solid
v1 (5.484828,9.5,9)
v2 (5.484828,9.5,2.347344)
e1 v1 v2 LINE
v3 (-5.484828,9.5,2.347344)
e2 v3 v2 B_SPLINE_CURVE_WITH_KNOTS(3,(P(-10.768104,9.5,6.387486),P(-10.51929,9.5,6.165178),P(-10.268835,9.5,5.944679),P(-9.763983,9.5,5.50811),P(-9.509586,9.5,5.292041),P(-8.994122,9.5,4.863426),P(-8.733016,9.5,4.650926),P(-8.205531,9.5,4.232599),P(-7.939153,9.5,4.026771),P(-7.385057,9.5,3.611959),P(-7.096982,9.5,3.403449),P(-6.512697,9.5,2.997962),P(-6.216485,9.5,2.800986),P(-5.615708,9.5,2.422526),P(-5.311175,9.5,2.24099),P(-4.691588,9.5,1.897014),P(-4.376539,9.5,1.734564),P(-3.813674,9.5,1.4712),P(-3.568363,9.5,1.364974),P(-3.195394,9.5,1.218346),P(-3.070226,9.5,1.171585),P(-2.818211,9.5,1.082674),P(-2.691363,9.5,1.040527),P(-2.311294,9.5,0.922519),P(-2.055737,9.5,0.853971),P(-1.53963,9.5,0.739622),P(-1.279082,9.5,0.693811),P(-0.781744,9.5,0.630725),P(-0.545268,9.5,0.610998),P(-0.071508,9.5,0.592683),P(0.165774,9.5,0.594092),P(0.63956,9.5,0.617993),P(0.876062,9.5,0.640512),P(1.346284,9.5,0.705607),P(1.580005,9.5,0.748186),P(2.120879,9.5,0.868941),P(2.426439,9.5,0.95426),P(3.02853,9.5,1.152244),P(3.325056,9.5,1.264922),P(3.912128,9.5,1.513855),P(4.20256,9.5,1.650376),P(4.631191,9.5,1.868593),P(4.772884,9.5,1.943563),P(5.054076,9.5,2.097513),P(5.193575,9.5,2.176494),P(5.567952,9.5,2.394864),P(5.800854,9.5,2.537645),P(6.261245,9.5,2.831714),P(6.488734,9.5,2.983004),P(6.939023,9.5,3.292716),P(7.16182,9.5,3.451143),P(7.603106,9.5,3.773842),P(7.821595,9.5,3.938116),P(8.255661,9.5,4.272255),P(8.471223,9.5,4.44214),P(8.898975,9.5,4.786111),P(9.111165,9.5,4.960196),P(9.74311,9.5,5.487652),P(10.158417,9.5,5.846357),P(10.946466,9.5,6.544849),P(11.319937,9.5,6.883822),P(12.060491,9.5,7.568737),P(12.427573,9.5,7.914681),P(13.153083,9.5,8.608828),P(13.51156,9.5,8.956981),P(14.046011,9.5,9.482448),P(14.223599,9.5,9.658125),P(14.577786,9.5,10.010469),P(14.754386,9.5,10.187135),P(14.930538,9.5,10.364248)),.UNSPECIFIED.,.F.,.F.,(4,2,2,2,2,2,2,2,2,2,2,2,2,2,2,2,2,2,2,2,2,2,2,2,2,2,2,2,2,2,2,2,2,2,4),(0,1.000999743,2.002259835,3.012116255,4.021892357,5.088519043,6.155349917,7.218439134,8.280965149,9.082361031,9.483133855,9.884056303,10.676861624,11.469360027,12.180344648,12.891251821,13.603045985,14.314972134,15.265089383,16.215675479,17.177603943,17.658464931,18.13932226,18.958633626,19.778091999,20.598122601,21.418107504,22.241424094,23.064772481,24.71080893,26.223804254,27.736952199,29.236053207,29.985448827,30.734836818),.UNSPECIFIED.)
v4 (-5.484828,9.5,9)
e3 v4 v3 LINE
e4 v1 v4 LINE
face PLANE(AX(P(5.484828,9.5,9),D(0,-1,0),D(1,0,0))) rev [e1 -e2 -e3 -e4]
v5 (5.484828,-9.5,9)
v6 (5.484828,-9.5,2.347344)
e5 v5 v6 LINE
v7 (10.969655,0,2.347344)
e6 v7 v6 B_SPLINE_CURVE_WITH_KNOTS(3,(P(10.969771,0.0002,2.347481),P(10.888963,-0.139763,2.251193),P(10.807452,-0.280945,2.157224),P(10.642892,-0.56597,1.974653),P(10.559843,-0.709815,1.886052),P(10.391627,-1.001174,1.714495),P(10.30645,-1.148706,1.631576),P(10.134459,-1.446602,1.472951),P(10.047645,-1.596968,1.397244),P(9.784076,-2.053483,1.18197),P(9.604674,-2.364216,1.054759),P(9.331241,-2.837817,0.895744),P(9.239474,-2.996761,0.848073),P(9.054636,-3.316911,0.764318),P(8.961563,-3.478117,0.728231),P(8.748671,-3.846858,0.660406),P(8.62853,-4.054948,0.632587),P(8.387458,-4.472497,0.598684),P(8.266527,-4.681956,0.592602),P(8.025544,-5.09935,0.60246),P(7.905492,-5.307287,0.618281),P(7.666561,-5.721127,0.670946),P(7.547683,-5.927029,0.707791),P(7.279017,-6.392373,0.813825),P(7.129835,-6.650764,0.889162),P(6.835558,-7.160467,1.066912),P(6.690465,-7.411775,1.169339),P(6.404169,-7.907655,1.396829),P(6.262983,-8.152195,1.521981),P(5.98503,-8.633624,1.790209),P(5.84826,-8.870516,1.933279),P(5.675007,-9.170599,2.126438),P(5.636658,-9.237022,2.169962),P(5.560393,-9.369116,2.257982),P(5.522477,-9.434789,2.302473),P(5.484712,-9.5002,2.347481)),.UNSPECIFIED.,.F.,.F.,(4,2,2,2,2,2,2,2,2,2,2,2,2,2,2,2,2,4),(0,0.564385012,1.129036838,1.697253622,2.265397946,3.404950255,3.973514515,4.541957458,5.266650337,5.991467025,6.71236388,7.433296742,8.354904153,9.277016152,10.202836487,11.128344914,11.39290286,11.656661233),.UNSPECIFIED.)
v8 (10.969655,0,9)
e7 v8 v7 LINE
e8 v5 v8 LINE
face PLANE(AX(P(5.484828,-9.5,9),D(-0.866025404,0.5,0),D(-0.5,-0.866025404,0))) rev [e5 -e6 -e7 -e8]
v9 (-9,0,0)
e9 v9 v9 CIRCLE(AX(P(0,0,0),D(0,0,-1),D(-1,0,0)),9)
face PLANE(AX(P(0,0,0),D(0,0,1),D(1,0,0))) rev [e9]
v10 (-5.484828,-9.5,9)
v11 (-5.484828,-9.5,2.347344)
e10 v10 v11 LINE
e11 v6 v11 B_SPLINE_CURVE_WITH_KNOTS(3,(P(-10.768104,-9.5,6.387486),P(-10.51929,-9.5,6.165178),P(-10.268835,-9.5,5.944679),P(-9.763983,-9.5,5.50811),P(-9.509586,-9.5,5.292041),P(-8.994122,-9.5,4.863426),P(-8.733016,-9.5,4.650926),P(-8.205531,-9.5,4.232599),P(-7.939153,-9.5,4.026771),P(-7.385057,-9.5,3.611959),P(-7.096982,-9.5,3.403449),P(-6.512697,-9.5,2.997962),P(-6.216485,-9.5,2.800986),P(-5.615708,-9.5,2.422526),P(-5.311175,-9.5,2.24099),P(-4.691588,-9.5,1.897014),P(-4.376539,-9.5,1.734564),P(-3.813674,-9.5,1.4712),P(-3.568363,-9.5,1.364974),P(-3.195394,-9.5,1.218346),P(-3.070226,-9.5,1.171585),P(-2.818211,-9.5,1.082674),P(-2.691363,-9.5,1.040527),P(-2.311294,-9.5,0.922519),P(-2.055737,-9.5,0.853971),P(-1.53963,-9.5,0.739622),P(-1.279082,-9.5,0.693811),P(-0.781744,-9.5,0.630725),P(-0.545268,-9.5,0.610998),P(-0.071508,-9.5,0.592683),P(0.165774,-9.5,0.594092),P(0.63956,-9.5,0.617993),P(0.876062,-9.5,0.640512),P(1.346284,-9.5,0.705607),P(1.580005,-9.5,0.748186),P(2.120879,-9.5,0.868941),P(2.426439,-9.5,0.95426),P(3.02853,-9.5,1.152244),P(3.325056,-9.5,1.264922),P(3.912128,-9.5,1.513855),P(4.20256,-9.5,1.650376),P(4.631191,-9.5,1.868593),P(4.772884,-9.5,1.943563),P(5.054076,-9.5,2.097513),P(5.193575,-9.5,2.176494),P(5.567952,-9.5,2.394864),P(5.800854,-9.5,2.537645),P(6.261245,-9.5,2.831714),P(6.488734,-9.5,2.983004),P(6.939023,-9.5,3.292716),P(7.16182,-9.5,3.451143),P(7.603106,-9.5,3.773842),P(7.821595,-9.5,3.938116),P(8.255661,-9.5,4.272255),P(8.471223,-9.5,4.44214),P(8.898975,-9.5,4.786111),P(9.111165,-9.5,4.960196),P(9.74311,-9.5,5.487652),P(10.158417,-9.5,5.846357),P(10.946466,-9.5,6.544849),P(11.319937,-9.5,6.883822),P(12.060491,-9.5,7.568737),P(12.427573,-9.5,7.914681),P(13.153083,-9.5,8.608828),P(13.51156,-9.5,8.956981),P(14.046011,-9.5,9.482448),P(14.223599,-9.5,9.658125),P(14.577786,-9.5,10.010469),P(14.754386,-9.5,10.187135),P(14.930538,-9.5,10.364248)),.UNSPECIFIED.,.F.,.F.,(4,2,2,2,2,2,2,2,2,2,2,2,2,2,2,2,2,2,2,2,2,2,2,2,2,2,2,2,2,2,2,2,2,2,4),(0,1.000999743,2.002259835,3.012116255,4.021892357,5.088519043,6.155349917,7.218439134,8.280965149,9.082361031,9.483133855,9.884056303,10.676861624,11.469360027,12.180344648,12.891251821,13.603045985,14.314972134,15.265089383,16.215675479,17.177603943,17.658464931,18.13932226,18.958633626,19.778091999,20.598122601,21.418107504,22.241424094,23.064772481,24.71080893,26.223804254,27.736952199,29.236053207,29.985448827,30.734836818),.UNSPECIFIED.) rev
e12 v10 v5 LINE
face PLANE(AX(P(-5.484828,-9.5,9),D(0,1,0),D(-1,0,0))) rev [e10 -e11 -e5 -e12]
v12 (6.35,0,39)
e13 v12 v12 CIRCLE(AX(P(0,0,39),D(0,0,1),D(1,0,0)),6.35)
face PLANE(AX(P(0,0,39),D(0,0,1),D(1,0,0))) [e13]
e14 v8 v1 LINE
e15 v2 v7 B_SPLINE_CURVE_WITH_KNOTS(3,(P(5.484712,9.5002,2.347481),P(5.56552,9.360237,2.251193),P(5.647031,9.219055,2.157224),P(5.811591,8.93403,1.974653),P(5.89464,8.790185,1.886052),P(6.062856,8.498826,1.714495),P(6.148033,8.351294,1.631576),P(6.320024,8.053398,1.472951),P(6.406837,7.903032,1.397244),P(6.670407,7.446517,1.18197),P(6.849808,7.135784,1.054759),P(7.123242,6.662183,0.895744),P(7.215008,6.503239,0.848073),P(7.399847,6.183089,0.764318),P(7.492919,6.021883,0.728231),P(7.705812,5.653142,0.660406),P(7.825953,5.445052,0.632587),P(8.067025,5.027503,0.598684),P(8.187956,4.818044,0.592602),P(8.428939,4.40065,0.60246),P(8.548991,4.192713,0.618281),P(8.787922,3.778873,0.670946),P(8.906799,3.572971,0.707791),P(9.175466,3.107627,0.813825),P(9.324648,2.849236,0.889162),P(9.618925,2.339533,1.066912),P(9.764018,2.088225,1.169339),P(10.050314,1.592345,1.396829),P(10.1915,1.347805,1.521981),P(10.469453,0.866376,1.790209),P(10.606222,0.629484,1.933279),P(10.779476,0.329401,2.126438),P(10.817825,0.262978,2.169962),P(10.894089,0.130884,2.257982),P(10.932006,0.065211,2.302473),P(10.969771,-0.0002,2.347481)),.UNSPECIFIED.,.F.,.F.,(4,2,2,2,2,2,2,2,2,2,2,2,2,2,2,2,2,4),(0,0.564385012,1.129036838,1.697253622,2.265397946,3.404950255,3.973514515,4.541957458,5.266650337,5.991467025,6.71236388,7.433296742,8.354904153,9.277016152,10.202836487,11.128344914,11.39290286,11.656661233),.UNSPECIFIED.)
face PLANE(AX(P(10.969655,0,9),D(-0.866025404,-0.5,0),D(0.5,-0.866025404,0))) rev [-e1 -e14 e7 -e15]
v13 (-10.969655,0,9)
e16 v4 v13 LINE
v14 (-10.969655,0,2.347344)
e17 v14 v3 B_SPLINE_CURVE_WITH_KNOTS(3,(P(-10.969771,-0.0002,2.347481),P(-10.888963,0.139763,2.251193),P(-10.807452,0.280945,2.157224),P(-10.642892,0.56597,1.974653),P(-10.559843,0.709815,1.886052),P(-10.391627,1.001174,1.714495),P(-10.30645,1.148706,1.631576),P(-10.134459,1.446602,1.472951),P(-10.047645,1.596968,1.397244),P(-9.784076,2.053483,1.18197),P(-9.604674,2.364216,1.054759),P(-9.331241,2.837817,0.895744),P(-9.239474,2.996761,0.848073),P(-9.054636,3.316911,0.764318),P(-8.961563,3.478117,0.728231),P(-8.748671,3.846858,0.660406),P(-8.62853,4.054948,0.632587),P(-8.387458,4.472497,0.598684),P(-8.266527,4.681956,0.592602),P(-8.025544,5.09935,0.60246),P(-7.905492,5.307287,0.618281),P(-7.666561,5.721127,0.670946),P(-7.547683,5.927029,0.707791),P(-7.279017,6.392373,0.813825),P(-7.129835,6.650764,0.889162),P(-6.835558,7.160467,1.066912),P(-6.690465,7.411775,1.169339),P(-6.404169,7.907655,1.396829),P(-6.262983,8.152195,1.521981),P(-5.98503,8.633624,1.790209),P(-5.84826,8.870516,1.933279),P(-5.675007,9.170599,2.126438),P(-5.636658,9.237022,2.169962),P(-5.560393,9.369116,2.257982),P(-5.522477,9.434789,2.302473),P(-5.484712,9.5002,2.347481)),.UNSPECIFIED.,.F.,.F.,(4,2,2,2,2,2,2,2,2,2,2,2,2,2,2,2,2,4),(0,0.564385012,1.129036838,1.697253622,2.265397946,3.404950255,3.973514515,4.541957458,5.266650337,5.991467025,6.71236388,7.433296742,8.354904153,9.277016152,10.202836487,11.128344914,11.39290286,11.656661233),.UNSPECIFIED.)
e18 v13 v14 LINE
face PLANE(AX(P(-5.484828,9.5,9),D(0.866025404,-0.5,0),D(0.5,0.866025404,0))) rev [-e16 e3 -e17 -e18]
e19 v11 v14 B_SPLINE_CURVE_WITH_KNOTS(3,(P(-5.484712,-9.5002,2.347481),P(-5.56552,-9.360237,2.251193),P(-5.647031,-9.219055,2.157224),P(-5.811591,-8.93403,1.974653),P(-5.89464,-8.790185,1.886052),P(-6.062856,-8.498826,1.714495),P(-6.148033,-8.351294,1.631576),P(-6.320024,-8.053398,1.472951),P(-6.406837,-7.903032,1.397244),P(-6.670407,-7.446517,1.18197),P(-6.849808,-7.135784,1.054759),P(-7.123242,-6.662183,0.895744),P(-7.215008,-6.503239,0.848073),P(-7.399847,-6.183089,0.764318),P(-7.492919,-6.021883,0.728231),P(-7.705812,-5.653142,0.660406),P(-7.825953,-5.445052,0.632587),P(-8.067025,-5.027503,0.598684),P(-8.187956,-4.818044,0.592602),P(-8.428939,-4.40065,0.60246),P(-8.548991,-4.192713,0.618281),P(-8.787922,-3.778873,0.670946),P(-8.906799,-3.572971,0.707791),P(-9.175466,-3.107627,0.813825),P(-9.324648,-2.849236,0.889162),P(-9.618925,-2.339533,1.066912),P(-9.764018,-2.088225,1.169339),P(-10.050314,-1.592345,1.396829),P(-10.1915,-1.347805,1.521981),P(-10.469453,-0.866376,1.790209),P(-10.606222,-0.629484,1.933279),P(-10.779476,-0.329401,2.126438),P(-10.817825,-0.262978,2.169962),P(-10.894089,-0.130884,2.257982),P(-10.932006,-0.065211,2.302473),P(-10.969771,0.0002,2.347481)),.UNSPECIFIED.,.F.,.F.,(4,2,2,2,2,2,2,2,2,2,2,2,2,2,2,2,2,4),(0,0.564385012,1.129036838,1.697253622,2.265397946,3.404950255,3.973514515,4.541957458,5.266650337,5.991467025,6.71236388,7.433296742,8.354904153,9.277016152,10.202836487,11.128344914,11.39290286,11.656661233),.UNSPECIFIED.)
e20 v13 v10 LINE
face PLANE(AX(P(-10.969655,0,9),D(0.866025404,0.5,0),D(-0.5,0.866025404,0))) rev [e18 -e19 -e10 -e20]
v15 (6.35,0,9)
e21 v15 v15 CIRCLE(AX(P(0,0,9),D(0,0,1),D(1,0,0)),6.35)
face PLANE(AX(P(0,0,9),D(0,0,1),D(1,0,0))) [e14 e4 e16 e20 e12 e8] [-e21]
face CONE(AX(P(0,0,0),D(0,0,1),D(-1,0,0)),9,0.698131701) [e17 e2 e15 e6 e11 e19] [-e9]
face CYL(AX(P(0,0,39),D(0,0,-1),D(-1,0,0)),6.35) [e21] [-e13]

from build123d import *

# Parameters (mm, degrees)
SALIENTE_EXTRUIR1_DEPTH = 9
CROQUIS2_R              = 6.35
SALIENTE_EXTRUIR2_DEPTH = 30
CROQUIS3_R              = 18.81463578
CROQUIS3_R_2            = 9
CORTAR_EXTRUIR1_DEPTH   = 10
CORTAR_EXTRUIR1_TAPER   = 40


with BuildPart() as part:
    # Croquis1 → Saliente-Extruir1 (new body)
    with BuildSketch(Plane.XY):
        Polygon((10.969655115, 0), (5.484827557, 9.5), (-5.484827557, 9.5), (-10.969655115, 0), (-5.484827557, -9.5), (5.484827557, -9.5), align=None)
    extrude(amount=SALIENTE_EXTRUIR1_DEPTH)

    # Croquis2 → Saliente-Extruir2 (add)
    with BuildSketch(Plane.XY.offset(9)):
        Circle(CROQUIS2_R)
    extrude(amount=SALIENTE_EXTRUIR2_DEPTH)

    # Croquis3 → Cortar-Extruir1 (cut)
    with BuildSketch(Plane(origin=(0, 0, 0), x_dir=(-1, 0, 0), z_dir=(0, 0, -1))):
        Circle(CROQUIS3_R)
        Circle(CROQUIS3_R_2, mode=Mode.SUBTRACT)
    extrude(amount=-CORTAR_EXTRUIR1_DEPTH, taper=CORTAR_EXTRUIR1_TAPER, mode=Mode.SUBTRACT)


solid = part.part
